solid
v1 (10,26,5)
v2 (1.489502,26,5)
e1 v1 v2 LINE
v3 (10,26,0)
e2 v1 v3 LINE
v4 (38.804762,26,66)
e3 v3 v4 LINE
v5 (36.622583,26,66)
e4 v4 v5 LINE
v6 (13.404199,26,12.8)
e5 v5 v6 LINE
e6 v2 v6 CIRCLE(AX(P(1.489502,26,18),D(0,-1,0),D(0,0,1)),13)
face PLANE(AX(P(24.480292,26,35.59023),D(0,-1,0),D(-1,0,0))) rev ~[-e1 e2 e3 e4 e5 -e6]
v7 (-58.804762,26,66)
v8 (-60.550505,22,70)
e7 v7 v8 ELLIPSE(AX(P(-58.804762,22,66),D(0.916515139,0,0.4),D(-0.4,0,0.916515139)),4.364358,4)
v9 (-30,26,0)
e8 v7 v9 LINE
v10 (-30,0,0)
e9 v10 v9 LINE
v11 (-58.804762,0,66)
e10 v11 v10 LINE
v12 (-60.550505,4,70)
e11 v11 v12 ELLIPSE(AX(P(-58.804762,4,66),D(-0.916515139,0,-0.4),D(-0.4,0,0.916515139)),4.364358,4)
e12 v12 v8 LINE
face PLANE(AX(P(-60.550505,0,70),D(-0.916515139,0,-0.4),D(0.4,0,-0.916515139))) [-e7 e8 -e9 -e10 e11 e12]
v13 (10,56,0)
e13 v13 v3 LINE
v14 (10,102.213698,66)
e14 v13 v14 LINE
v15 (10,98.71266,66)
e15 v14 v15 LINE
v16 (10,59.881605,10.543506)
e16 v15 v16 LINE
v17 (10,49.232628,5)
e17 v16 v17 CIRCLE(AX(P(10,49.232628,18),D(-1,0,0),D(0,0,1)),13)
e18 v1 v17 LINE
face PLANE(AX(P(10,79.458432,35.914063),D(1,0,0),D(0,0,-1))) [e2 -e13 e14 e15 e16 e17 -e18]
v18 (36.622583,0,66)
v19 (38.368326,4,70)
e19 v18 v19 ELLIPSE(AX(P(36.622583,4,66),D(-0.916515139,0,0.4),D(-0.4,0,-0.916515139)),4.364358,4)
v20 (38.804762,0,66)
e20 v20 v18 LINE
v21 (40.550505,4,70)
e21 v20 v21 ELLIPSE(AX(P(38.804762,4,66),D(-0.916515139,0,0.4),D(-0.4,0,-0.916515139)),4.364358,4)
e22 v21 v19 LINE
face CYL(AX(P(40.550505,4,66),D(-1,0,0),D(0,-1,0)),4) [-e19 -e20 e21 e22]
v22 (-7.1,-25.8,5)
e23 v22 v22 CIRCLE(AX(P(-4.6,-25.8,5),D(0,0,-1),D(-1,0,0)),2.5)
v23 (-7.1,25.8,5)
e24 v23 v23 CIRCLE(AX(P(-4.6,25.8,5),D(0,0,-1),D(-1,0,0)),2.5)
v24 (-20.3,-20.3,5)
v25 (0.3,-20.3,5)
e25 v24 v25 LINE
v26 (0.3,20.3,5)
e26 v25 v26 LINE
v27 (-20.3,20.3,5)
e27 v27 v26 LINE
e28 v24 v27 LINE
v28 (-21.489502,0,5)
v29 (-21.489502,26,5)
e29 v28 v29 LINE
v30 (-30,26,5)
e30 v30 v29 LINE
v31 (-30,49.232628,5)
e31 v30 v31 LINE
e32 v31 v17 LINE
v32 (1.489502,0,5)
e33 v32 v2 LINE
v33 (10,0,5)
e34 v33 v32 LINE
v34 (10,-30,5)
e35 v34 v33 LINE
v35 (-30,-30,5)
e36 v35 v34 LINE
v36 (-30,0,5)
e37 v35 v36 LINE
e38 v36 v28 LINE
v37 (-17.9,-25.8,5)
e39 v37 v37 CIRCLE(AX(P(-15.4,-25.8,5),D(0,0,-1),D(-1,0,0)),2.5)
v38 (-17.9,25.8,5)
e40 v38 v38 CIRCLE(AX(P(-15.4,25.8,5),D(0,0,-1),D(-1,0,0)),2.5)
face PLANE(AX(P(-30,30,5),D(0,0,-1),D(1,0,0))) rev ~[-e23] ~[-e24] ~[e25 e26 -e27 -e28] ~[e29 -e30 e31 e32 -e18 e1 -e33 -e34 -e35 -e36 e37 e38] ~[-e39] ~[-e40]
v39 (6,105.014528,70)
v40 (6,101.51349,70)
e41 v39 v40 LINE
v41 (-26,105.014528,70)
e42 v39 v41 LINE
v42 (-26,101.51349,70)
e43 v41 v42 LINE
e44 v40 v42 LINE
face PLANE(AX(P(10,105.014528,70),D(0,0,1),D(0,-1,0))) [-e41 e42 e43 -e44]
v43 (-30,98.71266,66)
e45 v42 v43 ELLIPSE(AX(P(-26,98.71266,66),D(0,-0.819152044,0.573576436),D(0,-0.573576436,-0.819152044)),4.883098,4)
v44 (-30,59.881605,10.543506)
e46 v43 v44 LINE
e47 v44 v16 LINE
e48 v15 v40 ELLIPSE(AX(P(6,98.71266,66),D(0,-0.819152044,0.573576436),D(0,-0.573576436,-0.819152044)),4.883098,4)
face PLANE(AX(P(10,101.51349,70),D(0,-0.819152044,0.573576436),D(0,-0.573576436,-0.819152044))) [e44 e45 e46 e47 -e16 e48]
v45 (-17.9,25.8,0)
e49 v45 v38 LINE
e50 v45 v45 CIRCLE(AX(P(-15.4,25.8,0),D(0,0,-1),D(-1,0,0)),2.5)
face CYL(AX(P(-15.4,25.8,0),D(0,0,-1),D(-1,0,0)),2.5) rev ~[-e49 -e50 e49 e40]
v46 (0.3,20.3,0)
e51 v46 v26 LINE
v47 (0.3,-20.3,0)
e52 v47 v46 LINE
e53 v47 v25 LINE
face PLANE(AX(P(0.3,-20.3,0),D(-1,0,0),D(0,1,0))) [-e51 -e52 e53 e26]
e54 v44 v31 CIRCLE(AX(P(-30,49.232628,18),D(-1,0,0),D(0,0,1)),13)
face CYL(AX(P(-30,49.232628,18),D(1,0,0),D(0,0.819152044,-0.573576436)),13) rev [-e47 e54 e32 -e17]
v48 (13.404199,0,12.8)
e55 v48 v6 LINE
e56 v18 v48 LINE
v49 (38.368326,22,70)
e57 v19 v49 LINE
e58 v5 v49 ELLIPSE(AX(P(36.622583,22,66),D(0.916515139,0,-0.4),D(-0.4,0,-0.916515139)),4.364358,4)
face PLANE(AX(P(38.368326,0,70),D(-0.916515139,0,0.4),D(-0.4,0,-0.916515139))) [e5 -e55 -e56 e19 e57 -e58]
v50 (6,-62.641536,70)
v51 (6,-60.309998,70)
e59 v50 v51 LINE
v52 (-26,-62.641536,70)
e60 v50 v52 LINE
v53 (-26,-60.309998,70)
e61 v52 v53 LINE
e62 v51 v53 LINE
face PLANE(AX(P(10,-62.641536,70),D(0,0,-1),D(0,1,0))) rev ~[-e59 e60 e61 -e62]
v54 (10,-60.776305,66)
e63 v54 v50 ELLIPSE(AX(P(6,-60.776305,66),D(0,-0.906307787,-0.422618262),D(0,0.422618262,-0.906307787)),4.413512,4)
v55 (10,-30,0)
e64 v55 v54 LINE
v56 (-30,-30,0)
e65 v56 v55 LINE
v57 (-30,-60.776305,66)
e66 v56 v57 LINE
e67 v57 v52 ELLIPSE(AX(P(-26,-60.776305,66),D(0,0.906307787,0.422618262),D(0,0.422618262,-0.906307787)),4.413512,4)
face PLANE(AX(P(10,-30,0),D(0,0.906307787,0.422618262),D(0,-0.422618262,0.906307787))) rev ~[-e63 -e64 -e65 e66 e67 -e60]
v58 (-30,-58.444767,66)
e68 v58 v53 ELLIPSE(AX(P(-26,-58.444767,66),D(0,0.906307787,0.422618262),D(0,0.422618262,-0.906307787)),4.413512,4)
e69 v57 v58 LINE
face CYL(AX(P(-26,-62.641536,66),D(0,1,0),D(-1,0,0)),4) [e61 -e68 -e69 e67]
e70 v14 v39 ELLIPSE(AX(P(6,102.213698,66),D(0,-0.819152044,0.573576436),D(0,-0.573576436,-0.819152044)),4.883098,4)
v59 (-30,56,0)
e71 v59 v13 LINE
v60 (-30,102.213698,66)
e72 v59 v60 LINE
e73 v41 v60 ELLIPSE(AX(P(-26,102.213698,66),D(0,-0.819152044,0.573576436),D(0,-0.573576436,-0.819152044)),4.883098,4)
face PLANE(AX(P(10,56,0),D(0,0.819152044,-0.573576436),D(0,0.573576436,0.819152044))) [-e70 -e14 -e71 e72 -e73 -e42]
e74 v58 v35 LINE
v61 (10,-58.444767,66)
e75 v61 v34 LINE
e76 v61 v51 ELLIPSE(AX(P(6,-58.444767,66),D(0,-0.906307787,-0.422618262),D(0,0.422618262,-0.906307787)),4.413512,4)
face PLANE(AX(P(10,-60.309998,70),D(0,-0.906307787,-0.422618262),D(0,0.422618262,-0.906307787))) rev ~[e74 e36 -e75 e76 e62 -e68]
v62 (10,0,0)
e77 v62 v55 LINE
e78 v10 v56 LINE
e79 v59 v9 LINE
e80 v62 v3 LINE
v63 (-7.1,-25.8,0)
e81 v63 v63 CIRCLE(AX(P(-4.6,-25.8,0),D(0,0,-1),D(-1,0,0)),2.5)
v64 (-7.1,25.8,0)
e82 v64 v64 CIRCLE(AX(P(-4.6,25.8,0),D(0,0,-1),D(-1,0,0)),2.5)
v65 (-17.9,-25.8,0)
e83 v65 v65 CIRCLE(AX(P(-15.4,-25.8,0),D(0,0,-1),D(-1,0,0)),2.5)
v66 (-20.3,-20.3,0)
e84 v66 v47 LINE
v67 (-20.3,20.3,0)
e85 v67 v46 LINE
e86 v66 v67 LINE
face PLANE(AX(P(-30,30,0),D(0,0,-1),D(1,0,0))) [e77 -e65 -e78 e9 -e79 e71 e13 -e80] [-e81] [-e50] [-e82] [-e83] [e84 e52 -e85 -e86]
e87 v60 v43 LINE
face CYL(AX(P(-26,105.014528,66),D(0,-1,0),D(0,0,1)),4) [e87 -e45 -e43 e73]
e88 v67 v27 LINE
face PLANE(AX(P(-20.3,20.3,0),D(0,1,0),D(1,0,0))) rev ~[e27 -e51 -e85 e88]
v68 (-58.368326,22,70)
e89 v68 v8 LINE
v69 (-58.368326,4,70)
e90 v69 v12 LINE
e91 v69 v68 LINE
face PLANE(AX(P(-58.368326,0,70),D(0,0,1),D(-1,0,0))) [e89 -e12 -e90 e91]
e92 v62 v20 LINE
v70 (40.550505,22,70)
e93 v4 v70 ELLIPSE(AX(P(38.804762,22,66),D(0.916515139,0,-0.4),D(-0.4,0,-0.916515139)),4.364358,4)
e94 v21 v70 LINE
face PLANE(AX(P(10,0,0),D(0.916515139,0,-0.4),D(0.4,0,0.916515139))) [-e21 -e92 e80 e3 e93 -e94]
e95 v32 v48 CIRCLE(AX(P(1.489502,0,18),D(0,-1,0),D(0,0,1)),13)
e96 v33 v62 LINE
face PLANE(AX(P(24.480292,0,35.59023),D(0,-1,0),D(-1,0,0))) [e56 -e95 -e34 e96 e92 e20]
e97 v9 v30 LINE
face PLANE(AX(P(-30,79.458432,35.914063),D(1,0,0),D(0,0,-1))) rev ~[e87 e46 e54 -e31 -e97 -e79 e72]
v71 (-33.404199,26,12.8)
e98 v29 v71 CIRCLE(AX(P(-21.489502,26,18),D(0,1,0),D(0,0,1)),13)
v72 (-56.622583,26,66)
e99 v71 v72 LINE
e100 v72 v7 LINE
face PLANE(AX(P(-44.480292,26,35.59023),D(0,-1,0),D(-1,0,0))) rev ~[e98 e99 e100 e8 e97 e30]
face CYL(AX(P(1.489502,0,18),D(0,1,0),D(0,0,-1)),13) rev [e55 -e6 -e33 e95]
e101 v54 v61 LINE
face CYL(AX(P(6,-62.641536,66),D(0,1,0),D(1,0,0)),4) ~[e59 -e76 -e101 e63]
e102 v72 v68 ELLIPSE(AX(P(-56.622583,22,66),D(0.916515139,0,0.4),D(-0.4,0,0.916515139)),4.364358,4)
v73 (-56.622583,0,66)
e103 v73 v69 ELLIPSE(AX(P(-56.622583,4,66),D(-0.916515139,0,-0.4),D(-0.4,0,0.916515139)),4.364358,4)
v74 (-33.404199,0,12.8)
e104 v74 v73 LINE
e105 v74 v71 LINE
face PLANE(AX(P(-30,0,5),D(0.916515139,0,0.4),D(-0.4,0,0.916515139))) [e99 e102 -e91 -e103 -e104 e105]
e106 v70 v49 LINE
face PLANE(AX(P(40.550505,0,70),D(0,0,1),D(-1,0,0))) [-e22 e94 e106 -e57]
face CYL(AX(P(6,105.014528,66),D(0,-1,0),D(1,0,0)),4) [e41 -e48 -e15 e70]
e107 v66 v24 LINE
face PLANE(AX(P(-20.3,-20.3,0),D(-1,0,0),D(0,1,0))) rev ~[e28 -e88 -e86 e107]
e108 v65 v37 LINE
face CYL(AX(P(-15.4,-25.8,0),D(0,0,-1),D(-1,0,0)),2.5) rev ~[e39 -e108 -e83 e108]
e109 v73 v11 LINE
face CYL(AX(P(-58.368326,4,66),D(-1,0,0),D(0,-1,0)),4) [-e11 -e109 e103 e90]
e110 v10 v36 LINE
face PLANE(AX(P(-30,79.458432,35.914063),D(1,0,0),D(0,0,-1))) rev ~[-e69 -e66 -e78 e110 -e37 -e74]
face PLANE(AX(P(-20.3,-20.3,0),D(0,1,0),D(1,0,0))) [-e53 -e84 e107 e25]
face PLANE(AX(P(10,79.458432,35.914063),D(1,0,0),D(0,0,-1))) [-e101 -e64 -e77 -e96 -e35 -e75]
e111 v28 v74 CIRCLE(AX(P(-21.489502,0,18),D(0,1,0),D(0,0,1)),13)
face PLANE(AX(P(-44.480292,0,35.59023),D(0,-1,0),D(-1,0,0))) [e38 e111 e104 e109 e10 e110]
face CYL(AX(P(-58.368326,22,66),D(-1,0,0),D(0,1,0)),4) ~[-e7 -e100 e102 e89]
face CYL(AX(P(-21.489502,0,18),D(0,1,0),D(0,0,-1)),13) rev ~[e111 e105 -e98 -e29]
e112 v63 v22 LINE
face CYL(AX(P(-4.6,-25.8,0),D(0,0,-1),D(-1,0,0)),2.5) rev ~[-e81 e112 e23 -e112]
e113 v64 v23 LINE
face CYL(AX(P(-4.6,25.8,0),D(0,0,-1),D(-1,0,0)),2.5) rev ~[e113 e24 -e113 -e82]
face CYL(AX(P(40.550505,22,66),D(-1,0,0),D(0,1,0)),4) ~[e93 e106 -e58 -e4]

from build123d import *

# Parameters (mm, degrees)
ESQUISSE1_W             = 40
ESQUISSE1_H             = 60
ESQUISSE1_W_2           = 20.6
ESQUISSE1_H_2           = 40.6
BOSS_EXTRU_1_DEPTH      = 5
ESQUISSE2_W             = 40
ESQUISSE2_H             = 5
BOSS_EXTRU_2_DEPTH      = 26
BOSS_EXTRU_5_DEPTH      = 40
BOSS_EXTRU_6_DEPTH      = 26
CONG_1_R                = 13
CONG_2_R                = 4
ENL_V_MAT_EXTRU_1_REACH = 141.98
ESQUISSE6_R             = 2.5


with BuildPart() as part:
    # Esquisse1 → Boss.-Extru.1 (new body)
    with BuildSketch(Plane.XY):
        with Locations((-10, 0)):
            Rectangle(ESQUISSE1_W, ESQUISSE1_H)
        with Locations((-10, 0)):
            Rectangle(ESQUISSE1_W_2, ESQUISSE1_H_2, mode=Mode.SUBTRACT)
    extrude(amount=BOSS_EXTRU_1_DEPTH)

    # Esquisse2 → Boss.-Extru.2 (add)
    with BuildSketch(Plane(origin=(0, 30, 0), x_dir=(1, 0, 0), z_dir=(0, 1, 0))):
        with Locations((-10, -2.5)):
            Rectangle(ESQUISSE2_W, ESQUISSE2_H)
    extrude(amount=BOSS_EXTRU_2_DEPTH)

    # Esquisse3 → Boss.-Extru.5 (add)
    with BuildSketch(Plane(origin=(10, 0, 0), x_dir=(0, 0, -1), z_dir=(1, 0, 0))):
        Polygon((0, 56), (-70, 105.014527675), (-70, 101.513489984), (-5, 56), align=None)
        Polygon((-5, -30), (0, -30), (-70, -62.641536071), (-70, -60.30999778), align=None)
    extrude(amount=-BOSS_EXTRU_5_DEPTH)

    # Esquisse4 → Boss.-Extru.6 (add)
    with BuildSketch(Plane(origin=(0, 0, 0), x_dir=(1, 0, 0), z_dir=(0, 1, 0))):
        Polygon((-30, -5), (-58.368325731, -70), (-60.550504633, -70), (-30, 0), align=None)
        Polygon((10, 0), (40.550504633, -70), (38.368325731, -70), (10, -5), align=None)
    extrude(amount=BOSS_EXTRU_6_DEPTH)

    # Congé1
    cong_1_edges = [part.edges().sort_by_distance(p)[0] for p in [
        (-10, 56, 5),
        (10, 13, 5),
        (-30, 13, 5),
    ]]
    fillet(cong_1_edges, radius=CONG_1_R)

    # Congé2
    cong_2_edges = [part.edges().sort_by_distance(p)[0] for p in [
        (10, 103.264008829, 70),
        (-30, 103.264008829, 70),
        (10, -61.475766925, 70),
        (-30, -61.475766925, 70),
        (-59.459415182, 0, 70),
        (-59.459415182, 26, 70),
        (39.459415182, 0, 70),
        (39.459415182, 26, 70),
    ]]
    fillet(cong_2_edges, radius=CONG_2_R)

    # Esquisse6 → Enlèv. mat.-Extru.1 (cut, up to next)
    with BuildSketch(Plane(origin=(0, 0, 0), x_dir=(-1, 0, 0), z_dir=(0, 0, -1)), mode=Mode.PRIVATE) as enl_v_mat_extru_1_sk1:
        with Locations((4.6, -25.8)):
            Circle(ESQUISSE6_R)
    enl_v_mat_extru_1_tool1 = extrude(enl_v_mat_extru_1_sk1.sketch, amount=-ENL_V_MAT_EXTRU_1_REACH, mode=Mode.PRIVATE) & part.part
    # Esquisse6 → Enlèv. mat.-Extru.1 (cut, up to next)
    with BuildSketch(Plane(origin=(0, 0, 0), x_dir=(-1, 0, 0), z_dir=(0, 0, -1)), mode=Mode.PRIVATE) as enl_v_mat_extru_1_sk2:
        with Locations((15.4, -25.8)):
            Circle(ESQUISSE6_R)
    enl_v_mat_extru_1_tool2 = extrude(enl_v_mat_extru_1_sk2.sketch, amount=-ENL_V_MAT_EXTRU_1_REACH, mode=Mode.PRIVATE) & part.part
    # Esquisse6 → Enlèv. mat.-Extru.1 (cut, up to next)
    with BuildSketch(Plane(origin=(0, 0, 0), x_dir=(-1, 0, 0), z_dir=(0, 0, -1)), mode=Mode.PRIVATE) as enl_v_mat_extru_1_sk3:
        with Locations((4.6, 25.8)):
            Circle(ESQUISSE6_R)
    enl_v_mat_extru_1_tool3 = extrude(enl_v_mat_extru_1_sk3.sketch, amount=-ENL_V_MAT_EXTRU_1_REACH, mode=Mode.PRIVATE) & part.part
    # Esquisse6 → Enlèv. mat.-Extru.1 (cut, up to next)
    with BuildSketch(Plane(origin=(0, 0, 0), x_dir=(-1, 0, 0), z_dir=(0, 0, -1)), mode=Mode.PRIVATE) as enl_v_mat_extru_1_sk4:
        with Locations((15.4, 25.8)):
            Circle(ESQUISSE6_R)
    enl_v_mat_extru_1_tool4 = extrude(enl_v_mat_extru_1_sk4.sketch, amount=-ENL_V_MAT_EXTRU_1_REACH, mode=Mode.PRIVATE) & part.part
    add(enl_v_mat_extru_1_tool1.solids().sort_by_distance((-4.6, -25.8, 0))[0], mode=Mode.SUBTRACT)
    add(enl_v_mat_extru_1_tool2.solids().sort_by_distance((-15.4, -25.8, 0))[0], mode=Mode.SUBTRACT)
    add(enl_v_mat_extru_1_tool3.solids().sort_by_distance((-4.6, 25.8, 0))[0], mode=Mode.SUBTRACT)
    add(enl_v_mat_extru_1_tool4.solids().sort_by_distance((-15.4, 25.8, 0))[0], mode=Mode.SUBTRACT)


solid = part.part
